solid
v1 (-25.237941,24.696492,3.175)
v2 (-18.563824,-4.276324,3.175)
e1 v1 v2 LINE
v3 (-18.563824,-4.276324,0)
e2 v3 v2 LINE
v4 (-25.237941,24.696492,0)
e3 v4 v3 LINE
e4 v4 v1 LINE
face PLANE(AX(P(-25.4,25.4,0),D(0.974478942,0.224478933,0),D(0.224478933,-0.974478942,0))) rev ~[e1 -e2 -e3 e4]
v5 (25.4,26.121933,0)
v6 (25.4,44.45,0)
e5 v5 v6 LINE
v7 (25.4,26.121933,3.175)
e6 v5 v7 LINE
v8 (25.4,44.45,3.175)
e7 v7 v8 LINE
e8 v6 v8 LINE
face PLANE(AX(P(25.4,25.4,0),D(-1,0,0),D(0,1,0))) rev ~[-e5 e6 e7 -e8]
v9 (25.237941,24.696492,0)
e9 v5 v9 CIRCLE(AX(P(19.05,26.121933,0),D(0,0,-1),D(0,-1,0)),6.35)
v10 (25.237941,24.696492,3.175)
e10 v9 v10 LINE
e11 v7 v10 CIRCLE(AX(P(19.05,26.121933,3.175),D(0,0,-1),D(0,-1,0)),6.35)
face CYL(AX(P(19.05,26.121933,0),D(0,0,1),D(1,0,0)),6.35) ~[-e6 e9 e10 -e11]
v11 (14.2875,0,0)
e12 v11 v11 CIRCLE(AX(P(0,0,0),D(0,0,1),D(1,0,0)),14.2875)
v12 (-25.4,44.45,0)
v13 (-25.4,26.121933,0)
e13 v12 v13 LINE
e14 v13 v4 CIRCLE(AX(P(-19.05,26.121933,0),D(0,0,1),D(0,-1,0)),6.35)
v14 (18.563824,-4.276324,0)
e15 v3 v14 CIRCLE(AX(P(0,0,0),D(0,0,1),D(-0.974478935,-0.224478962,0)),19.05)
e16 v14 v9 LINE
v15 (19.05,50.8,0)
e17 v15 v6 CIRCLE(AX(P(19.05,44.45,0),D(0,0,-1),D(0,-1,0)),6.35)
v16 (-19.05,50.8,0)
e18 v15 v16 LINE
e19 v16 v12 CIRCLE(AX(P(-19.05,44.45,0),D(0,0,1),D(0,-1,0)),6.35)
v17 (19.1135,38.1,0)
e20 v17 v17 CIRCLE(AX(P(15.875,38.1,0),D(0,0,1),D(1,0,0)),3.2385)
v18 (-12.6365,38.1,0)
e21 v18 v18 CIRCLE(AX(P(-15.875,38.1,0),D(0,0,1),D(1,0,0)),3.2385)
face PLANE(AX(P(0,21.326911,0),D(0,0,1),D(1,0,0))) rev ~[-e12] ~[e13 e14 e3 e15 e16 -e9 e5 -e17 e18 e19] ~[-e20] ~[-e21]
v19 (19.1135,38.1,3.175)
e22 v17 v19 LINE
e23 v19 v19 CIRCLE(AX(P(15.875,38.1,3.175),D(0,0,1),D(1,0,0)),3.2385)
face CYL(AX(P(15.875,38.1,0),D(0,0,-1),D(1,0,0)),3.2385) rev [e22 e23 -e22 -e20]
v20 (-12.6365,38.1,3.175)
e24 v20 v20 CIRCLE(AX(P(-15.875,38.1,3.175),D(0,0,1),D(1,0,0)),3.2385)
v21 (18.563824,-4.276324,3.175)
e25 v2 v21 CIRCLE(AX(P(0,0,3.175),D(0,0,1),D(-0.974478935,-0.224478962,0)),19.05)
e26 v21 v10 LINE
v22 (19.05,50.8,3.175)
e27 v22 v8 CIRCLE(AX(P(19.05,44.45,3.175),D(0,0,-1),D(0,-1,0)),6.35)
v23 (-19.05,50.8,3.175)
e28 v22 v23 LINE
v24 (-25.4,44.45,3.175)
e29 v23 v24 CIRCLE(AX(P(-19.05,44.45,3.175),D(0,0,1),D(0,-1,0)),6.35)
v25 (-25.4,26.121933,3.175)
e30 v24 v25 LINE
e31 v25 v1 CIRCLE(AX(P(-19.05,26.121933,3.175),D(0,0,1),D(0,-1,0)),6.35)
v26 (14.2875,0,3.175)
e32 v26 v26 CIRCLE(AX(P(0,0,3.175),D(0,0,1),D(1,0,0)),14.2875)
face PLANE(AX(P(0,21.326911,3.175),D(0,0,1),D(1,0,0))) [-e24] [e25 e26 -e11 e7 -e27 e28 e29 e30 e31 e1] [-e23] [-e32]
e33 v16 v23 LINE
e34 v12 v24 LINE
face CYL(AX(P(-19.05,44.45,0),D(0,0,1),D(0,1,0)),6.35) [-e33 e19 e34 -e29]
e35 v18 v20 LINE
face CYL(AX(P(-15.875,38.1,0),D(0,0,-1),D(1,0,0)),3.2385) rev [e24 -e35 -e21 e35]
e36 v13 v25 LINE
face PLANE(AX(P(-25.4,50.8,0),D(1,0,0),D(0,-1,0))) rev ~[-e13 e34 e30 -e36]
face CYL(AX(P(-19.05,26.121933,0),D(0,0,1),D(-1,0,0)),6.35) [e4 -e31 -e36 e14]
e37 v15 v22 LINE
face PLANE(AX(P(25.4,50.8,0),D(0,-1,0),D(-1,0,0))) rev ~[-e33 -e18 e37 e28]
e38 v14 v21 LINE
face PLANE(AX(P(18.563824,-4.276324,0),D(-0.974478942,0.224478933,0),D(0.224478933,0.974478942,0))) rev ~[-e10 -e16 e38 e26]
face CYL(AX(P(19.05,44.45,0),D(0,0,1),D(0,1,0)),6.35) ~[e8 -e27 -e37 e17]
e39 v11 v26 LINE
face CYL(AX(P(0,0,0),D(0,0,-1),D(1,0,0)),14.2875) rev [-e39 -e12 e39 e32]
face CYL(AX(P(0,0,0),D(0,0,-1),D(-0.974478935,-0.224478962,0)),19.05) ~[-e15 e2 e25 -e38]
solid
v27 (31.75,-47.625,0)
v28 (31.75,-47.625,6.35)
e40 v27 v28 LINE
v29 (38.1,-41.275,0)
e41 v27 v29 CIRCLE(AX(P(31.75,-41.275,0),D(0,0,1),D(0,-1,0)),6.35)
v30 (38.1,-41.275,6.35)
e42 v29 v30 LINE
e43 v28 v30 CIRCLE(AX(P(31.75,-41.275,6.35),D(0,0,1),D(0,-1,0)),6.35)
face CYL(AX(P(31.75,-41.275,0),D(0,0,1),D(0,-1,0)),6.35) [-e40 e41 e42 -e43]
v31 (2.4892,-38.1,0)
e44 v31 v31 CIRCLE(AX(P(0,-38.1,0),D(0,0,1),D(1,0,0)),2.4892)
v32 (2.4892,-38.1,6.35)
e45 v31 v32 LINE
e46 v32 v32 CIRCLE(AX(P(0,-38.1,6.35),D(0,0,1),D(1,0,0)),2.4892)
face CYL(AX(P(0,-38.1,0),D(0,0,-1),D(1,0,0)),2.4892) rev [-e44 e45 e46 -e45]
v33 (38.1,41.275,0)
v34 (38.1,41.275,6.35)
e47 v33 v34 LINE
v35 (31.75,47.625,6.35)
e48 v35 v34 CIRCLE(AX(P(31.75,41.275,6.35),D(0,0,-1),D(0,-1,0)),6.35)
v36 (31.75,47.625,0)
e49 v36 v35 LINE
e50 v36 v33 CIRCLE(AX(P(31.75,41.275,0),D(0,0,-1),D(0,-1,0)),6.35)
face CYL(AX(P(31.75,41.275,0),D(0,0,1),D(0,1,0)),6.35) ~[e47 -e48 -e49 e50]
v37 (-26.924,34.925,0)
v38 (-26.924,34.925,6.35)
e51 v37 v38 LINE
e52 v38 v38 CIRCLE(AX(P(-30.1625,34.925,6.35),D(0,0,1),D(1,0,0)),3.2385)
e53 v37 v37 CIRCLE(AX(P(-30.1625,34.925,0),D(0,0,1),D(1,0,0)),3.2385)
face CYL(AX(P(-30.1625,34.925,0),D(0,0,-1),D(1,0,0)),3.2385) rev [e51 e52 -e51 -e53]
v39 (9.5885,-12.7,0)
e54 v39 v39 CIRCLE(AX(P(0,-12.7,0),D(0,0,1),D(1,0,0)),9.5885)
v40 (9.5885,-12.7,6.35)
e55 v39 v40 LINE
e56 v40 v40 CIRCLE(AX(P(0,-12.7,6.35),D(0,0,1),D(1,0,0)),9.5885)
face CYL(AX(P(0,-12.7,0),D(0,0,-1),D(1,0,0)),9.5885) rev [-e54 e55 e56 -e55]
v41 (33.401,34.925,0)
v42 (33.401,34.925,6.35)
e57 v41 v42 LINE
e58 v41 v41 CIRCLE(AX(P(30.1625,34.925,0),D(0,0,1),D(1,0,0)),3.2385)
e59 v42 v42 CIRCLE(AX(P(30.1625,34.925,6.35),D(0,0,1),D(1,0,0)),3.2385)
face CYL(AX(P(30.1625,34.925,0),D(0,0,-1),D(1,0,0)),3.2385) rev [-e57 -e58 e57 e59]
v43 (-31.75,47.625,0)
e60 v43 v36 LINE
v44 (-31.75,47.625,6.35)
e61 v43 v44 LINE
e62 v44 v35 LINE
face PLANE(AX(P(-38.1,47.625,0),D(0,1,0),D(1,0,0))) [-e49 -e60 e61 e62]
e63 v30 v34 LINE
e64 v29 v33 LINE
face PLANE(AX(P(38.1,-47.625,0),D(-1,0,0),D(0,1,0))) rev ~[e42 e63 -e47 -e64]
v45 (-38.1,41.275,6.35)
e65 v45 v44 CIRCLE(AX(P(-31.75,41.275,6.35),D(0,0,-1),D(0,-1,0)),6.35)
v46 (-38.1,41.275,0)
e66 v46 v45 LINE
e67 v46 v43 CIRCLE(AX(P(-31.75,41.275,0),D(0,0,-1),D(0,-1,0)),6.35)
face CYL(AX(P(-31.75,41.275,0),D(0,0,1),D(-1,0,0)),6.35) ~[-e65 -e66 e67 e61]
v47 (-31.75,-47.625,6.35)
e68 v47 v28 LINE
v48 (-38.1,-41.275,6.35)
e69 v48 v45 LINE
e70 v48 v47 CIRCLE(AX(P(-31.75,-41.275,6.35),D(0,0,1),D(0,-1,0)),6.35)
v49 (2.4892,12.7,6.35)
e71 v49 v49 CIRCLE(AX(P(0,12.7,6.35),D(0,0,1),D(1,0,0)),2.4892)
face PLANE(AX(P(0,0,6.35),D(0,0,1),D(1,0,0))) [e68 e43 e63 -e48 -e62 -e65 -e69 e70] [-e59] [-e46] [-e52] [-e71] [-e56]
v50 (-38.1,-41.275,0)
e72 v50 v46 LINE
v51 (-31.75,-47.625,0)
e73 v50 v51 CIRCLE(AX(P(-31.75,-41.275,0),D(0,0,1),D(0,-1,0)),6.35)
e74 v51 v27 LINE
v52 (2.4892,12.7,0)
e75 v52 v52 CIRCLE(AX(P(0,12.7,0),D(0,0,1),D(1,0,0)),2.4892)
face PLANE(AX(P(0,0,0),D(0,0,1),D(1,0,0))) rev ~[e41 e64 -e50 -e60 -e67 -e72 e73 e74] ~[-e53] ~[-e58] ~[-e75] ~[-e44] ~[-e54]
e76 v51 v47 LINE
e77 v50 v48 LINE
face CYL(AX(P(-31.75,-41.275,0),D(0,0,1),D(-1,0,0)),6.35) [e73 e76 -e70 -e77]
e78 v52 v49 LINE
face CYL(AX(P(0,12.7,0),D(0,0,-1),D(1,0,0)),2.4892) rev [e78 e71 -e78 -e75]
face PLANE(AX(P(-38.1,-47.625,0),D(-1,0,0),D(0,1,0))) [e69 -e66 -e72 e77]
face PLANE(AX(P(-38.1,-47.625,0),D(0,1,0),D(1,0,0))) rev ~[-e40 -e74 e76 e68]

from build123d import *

# Parameters (mm, degrees)
F0_W     = 76.2
F0_H     = 95.25
F0_R     = 2.4892
F0_R_2   = 9.5885
F0_R_3   = 3.2385
F1_DEPTH = 6.35
F2_R     = 6.35
F3_R     = 14.2875
F3_R_2   = 3.2385
F4_DEPTH = 3.175
F5_R     = 6.35


with BuildPart() as f1:
    # F0 (on Top) → F1 (new body)
    with BuildSketch(Plane.XY):
        Rectangle(F0_W, F0_H)
        with Locations((0, -38.1)):
            Circle(F0_R, mode=Mode.SUBTRACT)
        with Locations((0, -12.7)):
            Circle(F0_R_2, mode=Mode.SUBTRACT)
        with Locations((-30.1625, 34.925)):
            Circle(F0_R_3, mode=Mode.SUBTRACT)
        with Locations((0, 12.7)):
            Circle(F0_R, mode=Mode.SUBTRACT)
        with Locations((30.1625, 34.925)):
            Circle(F0_R_3, mode=Mode.SUBTRACT)
    extrude(amount=F1_DEPTH)

    # F2
    f2_edges = [f1.edges().sort_by_distance(p)[0] for p in [
        (-38.1, 47.625, 3.175),
        (-38.1, -47.625, 3.175),
        (38.1, -47.625, 3.175),
        (38.1, 47.625, 3.175),
    ]]
    fillet(f2_edges, radius=F2_R)


with BuildPart() as f4:
    # F3 (on Top) → F4 (new body)
    with BuildSketch(Plane.XY):
        with BuildLine():
            Line((25.4, 50.8), (-25.4, 50.8))
            Line((-25.4, 50.8), (-25.4, 25.4))
            Line((-25.4, 25.4), (-18.563824, -4.276324))
            ThreePointArc((-18.563824, -4.276324), (0, -19.05), (18.563824, -4.276324))
            Line((18.563824, -4.276324), (25.4, 25.4))
            Line((25.4, 25.4), (25.4, 50.8))
        make_face()
        Circle(F3_R, mode=Mode.SUBTRACT)
        with Locations((-15.875, 38.1)):
            Circle(F3_R_2, mode=Mode.SUBTRACT)
        with Locations((15.875, 38.1)):
            Circle(F3_R_2, mode=Mode.SUBTRACT)
    extrude(amount=F4_DEPTH)

    # F5
    f5_edges = [f4.edges().sort_by_distance(p)[0] for p in [
        (25.4, 50.8, 1.5875),
        (25.4, 25.4, 1.5875),
        (-25.4, 25.4, 1.5875),
        (-25.4, 50.8, 1.5875),
    ]]
    fillet(f5_edges, radius=F5_R)


solid = Compound([f1.part, f4.part])
